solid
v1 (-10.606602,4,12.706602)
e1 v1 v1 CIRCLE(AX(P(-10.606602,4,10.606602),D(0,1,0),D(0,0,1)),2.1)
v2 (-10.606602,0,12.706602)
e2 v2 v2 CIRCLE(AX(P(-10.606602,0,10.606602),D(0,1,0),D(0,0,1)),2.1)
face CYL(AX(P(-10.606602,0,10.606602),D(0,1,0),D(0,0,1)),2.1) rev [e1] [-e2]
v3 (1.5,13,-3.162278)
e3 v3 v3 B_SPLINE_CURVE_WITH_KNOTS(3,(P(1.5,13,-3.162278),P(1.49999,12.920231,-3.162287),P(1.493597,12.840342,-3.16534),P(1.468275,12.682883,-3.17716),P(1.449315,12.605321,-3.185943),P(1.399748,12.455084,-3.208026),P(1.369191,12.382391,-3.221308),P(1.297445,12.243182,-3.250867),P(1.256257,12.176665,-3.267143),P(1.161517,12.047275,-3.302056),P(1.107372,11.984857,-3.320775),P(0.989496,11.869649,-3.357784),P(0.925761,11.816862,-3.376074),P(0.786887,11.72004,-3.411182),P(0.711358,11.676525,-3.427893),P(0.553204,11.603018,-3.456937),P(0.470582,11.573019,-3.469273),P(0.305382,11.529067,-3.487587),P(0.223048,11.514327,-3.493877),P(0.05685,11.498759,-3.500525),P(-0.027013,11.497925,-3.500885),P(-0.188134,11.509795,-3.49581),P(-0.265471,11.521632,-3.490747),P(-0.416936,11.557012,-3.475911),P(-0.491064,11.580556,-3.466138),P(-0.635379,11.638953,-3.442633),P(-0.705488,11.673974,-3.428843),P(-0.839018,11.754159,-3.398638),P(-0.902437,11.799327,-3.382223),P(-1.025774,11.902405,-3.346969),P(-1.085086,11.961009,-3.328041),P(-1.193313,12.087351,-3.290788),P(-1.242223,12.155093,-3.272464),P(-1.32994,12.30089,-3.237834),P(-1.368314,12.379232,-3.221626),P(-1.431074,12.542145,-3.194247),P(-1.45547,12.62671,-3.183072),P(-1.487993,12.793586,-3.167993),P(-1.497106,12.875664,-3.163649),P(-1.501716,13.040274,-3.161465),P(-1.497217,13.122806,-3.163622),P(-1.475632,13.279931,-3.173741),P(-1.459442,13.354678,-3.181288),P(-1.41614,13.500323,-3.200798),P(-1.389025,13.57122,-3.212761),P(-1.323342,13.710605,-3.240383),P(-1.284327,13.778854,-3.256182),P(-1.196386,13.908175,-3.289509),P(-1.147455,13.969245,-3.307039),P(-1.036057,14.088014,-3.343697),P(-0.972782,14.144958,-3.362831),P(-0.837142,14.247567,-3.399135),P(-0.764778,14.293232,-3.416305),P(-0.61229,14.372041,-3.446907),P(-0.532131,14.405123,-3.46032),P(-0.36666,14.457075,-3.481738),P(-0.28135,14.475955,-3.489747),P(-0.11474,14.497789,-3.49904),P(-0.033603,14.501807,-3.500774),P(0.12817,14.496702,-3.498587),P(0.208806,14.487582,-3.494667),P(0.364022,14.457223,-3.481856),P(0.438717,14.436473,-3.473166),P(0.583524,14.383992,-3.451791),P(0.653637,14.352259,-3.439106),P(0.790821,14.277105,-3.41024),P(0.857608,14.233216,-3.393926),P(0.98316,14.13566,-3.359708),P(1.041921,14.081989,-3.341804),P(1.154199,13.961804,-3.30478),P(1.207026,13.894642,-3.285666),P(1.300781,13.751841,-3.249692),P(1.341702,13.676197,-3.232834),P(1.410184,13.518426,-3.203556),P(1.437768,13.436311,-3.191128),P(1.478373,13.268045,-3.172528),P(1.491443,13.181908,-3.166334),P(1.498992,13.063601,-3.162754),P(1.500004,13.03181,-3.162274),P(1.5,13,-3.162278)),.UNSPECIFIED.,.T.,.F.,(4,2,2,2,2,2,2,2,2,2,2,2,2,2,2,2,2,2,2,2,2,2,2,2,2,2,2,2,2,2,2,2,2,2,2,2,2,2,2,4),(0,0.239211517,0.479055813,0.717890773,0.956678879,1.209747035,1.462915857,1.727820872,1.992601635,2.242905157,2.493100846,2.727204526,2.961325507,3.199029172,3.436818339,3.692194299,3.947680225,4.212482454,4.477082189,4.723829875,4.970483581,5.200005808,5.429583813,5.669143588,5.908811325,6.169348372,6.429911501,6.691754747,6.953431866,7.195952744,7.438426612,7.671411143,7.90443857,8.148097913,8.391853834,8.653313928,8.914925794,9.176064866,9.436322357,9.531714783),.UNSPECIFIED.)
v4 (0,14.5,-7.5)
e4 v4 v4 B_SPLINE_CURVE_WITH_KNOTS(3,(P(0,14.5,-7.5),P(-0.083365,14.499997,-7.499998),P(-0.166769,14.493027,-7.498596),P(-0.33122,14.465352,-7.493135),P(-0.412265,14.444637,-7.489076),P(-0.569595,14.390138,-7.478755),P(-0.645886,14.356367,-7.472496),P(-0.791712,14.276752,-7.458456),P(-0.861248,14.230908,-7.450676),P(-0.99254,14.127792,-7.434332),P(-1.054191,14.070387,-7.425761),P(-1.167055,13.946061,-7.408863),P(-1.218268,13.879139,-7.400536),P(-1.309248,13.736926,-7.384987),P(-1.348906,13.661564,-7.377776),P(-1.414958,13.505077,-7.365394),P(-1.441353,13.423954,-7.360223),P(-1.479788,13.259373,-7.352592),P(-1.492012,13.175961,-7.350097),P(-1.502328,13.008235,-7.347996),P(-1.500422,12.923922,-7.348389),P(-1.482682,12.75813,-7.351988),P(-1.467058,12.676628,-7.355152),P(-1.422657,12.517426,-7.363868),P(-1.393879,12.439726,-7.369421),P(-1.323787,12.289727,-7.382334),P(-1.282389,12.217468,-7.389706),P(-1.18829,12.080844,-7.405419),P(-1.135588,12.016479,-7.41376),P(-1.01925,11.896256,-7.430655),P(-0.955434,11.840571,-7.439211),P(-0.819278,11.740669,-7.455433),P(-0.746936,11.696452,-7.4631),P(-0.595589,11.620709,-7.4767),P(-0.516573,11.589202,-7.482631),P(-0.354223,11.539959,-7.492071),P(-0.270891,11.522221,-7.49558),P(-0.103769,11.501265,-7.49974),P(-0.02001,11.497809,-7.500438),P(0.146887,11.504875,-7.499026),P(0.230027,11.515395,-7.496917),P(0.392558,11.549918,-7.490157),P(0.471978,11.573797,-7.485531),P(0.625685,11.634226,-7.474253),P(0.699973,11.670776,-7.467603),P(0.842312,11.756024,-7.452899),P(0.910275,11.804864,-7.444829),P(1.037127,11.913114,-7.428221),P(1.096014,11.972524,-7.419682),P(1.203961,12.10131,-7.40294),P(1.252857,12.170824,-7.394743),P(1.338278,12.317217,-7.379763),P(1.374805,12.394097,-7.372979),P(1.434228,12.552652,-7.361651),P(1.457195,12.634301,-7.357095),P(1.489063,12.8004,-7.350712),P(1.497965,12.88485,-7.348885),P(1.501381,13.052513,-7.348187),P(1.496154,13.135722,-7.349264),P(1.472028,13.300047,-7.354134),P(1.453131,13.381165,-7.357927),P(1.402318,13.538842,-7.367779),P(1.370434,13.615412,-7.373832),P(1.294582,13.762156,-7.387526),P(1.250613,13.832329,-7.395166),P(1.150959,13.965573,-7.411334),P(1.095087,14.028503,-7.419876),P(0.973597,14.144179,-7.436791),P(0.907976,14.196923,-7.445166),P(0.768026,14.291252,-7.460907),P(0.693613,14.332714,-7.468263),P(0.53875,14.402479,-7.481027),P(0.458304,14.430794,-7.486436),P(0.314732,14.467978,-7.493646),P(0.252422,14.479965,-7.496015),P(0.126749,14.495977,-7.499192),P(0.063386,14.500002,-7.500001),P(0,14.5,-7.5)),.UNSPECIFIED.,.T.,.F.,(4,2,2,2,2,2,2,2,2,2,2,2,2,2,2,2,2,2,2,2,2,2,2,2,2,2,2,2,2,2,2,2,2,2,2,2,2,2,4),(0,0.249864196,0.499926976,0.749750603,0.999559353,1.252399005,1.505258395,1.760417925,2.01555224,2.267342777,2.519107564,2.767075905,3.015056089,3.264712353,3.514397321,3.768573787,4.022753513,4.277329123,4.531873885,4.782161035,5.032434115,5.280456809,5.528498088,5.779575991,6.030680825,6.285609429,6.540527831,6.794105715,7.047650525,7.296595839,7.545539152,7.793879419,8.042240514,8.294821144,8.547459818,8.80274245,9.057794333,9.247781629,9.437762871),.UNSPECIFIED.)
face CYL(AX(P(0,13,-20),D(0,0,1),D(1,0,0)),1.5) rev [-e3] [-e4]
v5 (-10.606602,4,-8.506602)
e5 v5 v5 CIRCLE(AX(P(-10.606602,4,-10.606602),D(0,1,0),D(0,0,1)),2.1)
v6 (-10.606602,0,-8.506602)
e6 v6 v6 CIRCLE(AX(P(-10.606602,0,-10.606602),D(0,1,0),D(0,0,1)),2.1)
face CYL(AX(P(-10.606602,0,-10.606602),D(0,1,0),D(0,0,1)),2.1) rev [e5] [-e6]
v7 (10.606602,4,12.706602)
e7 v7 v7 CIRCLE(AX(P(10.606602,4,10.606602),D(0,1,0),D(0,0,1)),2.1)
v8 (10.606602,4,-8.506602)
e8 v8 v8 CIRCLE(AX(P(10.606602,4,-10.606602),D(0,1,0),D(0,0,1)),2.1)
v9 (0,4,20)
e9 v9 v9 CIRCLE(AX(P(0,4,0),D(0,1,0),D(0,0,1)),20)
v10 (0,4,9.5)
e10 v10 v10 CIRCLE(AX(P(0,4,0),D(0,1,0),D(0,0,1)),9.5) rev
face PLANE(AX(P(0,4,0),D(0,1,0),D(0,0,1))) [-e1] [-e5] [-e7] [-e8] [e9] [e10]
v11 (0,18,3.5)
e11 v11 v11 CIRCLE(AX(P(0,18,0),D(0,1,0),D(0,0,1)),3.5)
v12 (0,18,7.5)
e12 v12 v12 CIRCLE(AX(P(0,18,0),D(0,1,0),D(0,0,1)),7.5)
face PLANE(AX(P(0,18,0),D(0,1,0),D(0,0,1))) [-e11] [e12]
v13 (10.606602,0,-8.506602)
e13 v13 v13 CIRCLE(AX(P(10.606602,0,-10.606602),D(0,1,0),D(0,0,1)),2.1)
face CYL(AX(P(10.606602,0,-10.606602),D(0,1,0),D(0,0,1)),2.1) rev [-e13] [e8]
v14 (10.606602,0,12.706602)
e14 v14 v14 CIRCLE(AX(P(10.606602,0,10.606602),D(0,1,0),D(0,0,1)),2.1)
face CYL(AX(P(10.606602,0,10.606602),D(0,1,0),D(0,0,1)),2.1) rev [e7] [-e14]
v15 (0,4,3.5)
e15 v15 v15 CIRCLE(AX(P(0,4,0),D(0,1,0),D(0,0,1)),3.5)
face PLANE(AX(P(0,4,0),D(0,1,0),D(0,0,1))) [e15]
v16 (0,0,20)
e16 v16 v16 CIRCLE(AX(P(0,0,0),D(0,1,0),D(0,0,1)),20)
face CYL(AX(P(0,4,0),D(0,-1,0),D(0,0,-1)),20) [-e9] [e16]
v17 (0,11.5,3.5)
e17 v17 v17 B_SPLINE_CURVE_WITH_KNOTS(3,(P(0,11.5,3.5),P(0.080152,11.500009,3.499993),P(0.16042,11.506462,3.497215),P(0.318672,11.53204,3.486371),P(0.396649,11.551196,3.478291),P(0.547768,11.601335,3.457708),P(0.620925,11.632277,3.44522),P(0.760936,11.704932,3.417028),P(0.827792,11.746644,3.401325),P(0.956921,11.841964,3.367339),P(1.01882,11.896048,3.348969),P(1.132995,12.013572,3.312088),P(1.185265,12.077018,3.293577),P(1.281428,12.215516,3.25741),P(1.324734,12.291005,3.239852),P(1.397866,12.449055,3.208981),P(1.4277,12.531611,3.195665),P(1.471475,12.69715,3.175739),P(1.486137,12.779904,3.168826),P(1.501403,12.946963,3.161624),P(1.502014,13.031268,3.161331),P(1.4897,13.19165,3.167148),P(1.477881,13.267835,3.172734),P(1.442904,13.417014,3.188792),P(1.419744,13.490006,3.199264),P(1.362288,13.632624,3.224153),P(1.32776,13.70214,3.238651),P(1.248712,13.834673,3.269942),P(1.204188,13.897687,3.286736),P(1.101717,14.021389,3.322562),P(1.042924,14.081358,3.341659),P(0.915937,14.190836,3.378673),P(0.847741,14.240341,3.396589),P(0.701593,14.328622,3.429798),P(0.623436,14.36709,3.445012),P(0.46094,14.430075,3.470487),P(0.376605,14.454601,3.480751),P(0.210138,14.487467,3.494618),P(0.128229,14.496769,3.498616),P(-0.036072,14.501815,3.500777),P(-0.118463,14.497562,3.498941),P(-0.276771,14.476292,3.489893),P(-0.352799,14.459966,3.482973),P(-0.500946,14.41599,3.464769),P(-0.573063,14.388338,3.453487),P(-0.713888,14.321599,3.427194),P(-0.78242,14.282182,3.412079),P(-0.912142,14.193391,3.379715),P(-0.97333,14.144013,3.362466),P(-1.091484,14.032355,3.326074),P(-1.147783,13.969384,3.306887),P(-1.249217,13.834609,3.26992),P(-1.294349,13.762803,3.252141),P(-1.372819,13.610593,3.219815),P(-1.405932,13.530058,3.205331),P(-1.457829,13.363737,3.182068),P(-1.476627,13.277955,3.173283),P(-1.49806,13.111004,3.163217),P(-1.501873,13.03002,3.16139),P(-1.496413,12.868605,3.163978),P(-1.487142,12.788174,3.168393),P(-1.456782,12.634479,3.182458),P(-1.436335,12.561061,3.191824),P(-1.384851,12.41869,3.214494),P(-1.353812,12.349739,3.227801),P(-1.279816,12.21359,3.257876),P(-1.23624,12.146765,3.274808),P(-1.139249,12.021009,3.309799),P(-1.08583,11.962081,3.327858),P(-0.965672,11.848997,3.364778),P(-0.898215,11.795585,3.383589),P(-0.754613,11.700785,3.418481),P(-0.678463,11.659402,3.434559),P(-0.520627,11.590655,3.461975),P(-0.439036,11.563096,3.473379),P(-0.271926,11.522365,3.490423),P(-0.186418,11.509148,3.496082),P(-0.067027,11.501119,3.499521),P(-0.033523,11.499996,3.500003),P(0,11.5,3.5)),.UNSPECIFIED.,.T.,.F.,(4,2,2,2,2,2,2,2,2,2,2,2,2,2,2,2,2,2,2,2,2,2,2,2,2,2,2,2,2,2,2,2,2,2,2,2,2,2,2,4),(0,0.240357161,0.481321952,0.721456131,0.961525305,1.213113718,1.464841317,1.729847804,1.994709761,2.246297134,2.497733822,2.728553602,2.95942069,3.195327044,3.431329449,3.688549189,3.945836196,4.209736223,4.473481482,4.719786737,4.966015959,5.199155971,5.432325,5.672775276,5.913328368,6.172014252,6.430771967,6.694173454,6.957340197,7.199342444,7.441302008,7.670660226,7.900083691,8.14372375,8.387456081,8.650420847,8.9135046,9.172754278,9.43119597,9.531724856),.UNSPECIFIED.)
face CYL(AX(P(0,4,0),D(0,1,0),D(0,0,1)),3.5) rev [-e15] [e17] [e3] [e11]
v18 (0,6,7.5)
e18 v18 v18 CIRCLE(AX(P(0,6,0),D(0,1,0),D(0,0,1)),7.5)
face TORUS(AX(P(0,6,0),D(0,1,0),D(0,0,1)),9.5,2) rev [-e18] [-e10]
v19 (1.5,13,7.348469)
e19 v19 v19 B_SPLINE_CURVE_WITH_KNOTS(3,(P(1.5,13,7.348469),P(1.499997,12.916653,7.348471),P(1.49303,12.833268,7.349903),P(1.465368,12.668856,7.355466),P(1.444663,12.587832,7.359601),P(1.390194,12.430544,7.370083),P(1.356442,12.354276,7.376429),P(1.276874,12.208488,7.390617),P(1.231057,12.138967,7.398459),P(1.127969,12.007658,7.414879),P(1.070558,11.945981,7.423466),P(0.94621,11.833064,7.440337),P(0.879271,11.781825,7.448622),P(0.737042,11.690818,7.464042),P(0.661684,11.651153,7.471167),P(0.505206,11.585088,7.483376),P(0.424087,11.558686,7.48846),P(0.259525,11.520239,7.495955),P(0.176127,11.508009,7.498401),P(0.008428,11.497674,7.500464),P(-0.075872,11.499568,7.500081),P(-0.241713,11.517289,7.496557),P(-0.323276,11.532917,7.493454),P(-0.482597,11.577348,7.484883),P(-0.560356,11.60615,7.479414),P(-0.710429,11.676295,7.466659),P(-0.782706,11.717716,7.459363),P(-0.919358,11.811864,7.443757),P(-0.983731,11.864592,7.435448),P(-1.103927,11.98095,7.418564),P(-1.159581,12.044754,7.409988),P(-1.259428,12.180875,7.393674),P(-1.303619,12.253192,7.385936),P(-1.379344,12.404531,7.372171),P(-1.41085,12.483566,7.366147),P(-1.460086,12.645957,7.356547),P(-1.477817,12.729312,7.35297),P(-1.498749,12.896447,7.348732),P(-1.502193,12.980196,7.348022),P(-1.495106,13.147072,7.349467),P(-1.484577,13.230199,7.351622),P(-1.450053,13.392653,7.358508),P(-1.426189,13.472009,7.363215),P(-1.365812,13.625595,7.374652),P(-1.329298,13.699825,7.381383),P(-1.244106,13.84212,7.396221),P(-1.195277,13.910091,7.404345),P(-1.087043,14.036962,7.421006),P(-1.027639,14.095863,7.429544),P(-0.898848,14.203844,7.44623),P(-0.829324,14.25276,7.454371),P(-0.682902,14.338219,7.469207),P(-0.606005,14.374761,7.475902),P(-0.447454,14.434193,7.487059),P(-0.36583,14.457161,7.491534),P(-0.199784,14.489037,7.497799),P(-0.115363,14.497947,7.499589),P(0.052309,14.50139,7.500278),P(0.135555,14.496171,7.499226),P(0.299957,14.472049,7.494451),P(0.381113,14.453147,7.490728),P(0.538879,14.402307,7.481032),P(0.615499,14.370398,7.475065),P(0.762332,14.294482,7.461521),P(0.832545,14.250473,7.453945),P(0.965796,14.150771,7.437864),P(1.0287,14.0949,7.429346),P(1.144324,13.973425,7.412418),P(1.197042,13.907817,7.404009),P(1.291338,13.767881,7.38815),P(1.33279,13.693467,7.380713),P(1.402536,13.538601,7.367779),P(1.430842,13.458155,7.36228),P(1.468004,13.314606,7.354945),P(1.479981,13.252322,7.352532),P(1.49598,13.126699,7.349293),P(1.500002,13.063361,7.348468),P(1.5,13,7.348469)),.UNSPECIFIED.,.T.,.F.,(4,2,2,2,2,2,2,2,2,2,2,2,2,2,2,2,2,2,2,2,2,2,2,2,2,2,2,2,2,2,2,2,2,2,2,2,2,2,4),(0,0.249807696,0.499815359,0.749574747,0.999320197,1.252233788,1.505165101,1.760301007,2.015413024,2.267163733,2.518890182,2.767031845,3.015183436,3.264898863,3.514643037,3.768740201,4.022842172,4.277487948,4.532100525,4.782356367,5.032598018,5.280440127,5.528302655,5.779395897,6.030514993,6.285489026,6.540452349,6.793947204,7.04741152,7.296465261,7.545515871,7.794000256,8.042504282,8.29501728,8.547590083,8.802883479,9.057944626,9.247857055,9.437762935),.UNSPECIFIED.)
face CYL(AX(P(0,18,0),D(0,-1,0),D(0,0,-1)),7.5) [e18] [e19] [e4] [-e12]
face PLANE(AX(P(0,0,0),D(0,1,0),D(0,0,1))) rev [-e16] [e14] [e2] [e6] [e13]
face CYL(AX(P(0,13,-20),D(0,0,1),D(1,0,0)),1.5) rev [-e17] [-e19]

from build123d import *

# Parameters (mm, degrees)
SKETCH1_R               = 20
BOSS_EXTRUDE1_DEPTH     = 4
SKETCH2_R               = 7.5
BOSS_EXTRUDE2_DEPTH     = 14
SKETCH3_R               = 3.5
CUT_EXTRUDE1_DEPTH      = 14
SKETCH5_R               = 1.5
CUT_EXTRUDE2_DEPTH      = 21
CUT_EXTRUDE2_DEPTH_BACK = 21
FILLET1_R               = 2
SKETCH6_R               = 2.1
CUT_EXTRUDE3_DEPTH      = 5


with BuildPart() as part:
    # Sketch1 → Boss-Extrude1 (new body)
    with BuildSketch(Plane(origin=(0, 0, 0), x_dir=(1, 0, 0), z_dir=(0, 1, 0))):
        Circle(SKETCH1_R)
    extrude(amount=BOSS_EXTRUDE1_DEPTH)

    # Sketch2 → Boss-Extrude2 (add)
    with BuildSketch(Plane(origin=(0, 4, 0), x_dir=(1, 0, 0), z_dir=(0, 1, 0))):
        Circle(SKETCH2_R)
    extrude(amount=BOSS_EXTRUDE2_DEPTH)

    # Sketch3 → Cut-Extrude1 (cut)
    with BuildSketch(Plane(origin=(0, 18, 0), x_dir=(1, 0, 0), z_dir=(0, 1, 0))):
        Circle(SKETCH3_R)
    extrude(amount=-CUT_EXTRUDE1_DEPTH, mode=Mode.SUBTRACT)

    # Sketch5 → Cut-Extrude2 (cut, two sides)
    with BuildSketch(Plane.XY) as cut_extrude2_sk:
        with Locations((0, 13)):
            Circle(SKETCH5_R)
    extrude(amount=CUT_EXTRUDE2_DEPTH, mode=Mode.SUBTRACT)
    extrude(cut_extrude2_sk.sketch, amount=-CUT_EXTRUDE2_DEPTH_BACK, mode=Mode.SUBTRACT)

    # Fillet1
    fillet1_edges = [part.edges().sort_by_distance(p)[0] for p in [
        (-7.5, 4, 0),
    ]]
    fillet(fillet1_edges, radius=FILLET1_R)

    # Sketch6 → Cut-Extrude3 (cut, through all)
    with BuildSketch(Plane(origin=(0, 4, 0), x_dir=(1, 0, 0), z_dir=(0, 1, 0))):
        with Locations((10.606601718, 10.606601718)):
            Circle(SKETCH6_R)
        with Locations((-10.606601718, 10.606601718)):
            Circle(SKETCH6_R)
        with Locations((-10.606601718, -10.606601718)):
            Circle(SKETCH6_R)
        with Locations((10.606601718, -10.606601718)):
            Circle(SKETCH6_R)
    extrude(amount=-CUT_EXTRUDE3_DEPTH, mode=Mode.SUBTRACT)


solid = part.part
